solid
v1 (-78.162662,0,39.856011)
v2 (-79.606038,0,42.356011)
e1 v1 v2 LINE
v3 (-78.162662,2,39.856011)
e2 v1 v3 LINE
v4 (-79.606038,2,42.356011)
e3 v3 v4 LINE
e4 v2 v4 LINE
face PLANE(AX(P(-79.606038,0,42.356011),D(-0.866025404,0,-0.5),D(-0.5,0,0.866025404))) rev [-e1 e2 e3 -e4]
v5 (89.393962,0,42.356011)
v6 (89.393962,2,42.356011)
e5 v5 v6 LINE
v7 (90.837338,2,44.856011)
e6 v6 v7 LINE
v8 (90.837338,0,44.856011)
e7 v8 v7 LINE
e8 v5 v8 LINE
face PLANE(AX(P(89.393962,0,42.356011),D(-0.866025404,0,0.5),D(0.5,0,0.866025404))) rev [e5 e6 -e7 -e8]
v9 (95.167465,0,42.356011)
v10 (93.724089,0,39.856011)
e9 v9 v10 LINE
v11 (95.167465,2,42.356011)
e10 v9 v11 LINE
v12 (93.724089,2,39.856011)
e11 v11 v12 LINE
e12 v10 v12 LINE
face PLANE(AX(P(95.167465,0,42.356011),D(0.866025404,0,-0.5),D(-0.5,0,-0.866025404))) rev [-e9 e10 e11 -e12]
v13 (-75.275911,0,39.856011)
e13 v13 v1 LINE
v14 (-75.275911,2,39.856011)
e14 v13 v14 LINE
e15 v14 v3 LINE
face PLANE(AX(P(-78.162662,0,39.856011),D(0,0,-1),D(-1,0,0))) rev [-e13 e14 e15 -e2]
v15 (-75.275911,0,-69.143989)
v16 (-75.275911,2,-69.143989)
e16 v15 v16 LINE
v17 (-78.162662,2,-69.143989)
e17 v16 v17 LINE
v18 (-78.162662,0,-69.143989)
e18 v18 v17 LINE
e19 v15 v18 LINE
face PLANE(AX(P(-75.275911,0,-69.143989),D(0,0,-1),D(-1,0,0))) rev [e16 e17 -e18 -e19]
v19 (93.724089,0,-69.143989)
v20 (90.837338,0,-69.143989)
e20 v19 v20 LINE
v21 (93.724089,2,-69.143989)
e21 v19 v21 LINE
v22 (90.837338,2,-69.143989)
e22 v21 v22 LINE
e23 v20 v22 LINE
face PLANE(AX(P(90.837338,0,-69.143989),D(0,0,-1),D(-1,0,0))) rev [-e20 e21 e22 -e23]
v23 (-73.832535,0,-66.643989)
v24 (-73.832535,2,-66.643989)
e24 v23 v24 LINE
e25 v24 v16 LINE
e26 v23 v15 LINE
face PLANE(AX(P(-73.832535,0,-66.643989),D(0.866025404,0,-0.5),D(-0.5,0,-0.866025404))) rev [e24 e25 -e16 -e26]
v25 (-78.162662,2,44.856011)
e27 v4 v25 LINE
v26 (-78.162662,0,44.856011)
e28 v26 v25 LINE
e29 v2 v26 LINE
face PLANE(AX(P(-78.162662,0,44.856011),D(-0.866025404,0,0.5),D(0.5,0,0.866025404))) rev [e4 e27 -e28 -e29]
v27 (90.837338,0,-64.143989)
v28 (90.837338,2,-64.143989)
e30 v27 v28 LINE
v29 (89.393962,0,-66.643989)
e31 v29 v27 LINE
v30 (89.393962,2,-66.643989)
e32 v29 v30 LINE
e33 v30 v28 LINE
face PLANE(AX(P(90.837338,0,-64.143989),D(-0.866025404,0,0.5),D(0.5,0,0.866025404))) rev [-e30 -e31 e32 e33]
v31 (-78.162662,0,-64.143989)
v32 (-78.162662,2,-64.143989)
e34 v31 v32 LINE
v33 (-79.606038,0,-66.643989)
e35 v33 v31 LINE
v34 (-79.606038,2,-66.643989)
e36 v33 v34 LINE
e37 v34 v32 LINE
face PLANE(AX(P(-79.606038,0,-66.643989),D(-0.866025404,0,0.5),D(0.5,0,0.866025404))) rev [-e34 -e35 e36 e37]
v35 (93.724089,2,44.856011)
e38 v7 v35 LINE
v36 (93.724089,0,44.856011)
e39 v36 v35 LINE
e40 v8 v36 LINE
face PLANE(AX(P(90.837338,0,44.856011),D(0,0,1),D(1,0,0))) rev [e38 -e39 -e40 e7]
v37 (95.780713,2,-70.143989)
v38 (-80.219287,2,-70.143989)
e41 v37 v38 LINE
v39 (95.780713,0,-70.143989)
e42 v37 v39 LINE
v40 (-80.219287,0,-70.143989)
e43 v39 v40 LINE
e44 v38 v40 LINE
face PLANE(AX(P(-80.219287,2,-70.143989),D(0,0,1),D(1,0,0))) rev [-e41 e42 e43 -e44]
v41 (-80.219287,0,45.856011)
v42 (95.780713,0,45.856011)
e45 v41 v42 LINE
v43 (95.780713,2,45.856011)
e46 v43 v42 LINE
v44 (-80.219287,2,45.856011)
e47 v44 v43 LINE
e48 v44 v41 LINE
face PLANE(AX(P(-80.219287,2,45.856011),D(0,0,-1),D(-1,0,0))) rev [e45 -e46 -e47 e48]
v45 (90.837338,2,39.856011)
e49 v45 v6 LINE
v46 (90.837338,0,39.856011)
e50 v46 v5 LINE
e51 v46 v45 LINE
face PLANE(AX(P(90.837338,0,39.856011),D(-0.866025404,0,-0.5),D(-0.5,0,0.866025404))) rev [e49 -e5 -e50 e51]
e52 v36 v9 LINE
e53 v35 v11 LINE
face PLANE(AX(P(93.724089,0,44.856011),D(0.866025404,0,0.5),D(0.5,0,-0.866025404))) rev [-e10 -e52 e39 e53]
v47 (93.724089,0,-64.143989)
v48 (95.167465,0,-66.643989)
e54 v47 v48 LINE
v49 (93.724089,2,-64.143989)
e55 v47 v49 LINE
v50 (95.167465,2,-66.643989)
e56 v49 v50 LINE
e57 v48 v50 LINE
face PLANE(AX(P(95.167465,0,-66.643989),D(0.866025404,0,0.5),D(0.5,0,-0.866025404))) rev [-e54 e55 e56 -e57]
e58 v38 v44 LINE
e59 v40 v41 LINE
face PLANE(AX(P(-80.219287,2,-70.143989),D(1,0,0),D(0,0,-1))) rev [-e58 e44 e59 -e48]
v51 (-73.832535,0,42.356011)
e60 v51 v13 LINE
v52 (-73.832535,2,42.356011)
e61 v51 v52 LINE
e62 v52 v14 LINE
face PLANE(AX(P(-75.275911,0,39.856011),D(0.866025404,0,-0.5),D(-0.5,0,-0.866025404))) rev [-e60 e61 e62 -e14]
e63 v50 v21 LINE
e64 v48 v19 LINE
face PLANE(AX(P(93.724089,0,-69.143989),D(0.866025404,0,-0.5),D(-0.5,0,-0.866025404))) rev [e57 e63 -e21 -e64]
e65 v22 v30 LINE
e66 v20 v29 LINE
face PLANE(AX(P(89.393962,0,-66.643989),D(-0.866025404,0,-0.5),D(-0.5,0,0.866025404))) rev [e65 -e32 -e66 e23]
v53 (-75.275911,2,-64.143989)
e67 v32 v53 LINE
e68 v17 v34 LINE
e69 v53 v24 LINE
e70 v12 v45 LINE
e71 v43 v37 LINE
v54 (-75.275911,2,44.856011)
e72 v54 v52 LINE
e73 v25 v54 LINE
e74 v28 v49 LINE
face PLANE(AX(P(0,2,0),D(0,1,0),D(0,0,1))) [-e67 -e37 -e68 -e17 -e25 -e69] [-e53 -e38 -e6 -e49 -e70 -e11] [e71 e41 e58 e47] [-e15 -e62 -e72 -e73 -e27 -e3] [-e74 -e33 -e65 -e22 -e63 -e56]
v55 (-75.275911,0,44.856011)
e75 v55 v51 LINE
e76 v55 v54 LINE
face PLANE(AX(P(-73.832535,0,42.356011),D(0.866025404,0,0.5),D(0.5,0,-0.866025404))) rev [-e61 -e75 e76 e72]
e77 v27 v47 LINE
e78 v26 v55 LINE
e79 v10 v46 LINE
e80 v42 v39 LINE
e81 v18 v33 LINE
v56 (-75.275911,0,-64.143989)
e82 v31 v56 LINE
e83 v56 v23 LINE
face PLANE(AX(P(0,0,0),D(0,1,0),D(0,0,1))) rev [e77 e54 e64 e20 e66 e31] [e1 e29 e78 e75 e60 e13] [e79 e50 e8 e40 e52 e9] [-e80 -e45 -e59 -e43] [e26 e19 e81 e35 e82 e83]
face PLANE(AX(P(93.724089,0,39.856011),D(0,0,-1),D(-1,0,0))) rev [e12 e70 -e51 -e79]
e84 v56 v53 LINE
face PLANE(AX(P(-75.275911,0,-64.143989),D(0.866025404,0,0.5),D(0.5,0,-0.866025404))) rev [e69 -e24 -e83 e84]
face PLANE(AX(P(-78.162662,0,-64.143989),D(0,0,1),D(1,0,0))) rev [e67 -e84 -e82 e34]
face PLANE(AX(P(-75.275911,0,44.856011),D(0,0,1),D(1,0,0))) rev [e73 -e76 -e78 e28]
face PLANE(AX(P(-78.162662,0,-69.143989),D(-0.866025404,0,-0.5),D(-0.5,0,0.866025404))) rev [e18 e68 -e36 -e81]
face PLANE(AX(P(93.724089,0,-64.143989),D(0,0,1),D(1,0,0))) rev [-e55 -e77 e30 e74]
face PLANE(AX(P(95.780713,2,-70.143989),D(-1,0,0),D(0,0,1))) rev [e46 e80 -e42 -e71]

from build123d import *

# Parameters (mm, degrees)
SKETCH1_W           = 176
SKETCH1_H           = 116
BOSS_EXTRUDE1_DEPTH = 2
CUT_EXTRUDE2_DEPTH  = 2


with BuildPart() as part:
    # Sketch1 → Boss-Extrude1 (new body)
    with BuildSketch(Plane(origin=(0, 0, 0), x_dir=(1, 0, 0), z_dir=(0, 1, 0))):
        with Locations((7.780713342, 12.143989432)):
            Rectangle(SKETCH1_W, SKETCH1_H)
    extrude(amount=BOSS_EXTRUDE1_DEPTH)

    # Sketch3 → Cut-Extrude2 (cut)
    with BuildSketch(Plane(origin=(0, 2, 0), x_dir=(1, 0, 0), z_dir=(0, 1, 0))):
        Polygon((-75.275910985, 64.143989432), (-73.832535312, 66.643989432), (-75.275910985, 69.143989432), (-78.162662331, 69.143989432), (-79.606038004, 66.643989432), (-78.162662331, 64.143989432), align=None)
        Polygon((93.724089015, 64.143989432), (90.837337669, 64.143989432), (89.393961996, 66.643989432), (90.837337669, 69.143989432), (93.724089015, 69.143989432), (95.167464688, 66.643989432), align=None)
        Polygon((90.837337669, -39.856010568), (89.393961996, -42.356010568), (90.837337669, -44.856010568), (93.724089015, -44.856010568), (95.167464688, -42.356010568), (93.724089015, -39.856010568), align=None)
        Polygon((-78.162662331, -39.856010568), (-75.275910985, -39.856010568), (-73.832535312, -42.356010568), (-75.275910985, -44.856010568), (-78.162662331, -44.856010568), (-79.606038004, -42.356010568), align=None)
    extrude(amount=-CUT_EXTRUDE2_DEPTH, mode=Mode.SUBTRACT)


solid = part.part
